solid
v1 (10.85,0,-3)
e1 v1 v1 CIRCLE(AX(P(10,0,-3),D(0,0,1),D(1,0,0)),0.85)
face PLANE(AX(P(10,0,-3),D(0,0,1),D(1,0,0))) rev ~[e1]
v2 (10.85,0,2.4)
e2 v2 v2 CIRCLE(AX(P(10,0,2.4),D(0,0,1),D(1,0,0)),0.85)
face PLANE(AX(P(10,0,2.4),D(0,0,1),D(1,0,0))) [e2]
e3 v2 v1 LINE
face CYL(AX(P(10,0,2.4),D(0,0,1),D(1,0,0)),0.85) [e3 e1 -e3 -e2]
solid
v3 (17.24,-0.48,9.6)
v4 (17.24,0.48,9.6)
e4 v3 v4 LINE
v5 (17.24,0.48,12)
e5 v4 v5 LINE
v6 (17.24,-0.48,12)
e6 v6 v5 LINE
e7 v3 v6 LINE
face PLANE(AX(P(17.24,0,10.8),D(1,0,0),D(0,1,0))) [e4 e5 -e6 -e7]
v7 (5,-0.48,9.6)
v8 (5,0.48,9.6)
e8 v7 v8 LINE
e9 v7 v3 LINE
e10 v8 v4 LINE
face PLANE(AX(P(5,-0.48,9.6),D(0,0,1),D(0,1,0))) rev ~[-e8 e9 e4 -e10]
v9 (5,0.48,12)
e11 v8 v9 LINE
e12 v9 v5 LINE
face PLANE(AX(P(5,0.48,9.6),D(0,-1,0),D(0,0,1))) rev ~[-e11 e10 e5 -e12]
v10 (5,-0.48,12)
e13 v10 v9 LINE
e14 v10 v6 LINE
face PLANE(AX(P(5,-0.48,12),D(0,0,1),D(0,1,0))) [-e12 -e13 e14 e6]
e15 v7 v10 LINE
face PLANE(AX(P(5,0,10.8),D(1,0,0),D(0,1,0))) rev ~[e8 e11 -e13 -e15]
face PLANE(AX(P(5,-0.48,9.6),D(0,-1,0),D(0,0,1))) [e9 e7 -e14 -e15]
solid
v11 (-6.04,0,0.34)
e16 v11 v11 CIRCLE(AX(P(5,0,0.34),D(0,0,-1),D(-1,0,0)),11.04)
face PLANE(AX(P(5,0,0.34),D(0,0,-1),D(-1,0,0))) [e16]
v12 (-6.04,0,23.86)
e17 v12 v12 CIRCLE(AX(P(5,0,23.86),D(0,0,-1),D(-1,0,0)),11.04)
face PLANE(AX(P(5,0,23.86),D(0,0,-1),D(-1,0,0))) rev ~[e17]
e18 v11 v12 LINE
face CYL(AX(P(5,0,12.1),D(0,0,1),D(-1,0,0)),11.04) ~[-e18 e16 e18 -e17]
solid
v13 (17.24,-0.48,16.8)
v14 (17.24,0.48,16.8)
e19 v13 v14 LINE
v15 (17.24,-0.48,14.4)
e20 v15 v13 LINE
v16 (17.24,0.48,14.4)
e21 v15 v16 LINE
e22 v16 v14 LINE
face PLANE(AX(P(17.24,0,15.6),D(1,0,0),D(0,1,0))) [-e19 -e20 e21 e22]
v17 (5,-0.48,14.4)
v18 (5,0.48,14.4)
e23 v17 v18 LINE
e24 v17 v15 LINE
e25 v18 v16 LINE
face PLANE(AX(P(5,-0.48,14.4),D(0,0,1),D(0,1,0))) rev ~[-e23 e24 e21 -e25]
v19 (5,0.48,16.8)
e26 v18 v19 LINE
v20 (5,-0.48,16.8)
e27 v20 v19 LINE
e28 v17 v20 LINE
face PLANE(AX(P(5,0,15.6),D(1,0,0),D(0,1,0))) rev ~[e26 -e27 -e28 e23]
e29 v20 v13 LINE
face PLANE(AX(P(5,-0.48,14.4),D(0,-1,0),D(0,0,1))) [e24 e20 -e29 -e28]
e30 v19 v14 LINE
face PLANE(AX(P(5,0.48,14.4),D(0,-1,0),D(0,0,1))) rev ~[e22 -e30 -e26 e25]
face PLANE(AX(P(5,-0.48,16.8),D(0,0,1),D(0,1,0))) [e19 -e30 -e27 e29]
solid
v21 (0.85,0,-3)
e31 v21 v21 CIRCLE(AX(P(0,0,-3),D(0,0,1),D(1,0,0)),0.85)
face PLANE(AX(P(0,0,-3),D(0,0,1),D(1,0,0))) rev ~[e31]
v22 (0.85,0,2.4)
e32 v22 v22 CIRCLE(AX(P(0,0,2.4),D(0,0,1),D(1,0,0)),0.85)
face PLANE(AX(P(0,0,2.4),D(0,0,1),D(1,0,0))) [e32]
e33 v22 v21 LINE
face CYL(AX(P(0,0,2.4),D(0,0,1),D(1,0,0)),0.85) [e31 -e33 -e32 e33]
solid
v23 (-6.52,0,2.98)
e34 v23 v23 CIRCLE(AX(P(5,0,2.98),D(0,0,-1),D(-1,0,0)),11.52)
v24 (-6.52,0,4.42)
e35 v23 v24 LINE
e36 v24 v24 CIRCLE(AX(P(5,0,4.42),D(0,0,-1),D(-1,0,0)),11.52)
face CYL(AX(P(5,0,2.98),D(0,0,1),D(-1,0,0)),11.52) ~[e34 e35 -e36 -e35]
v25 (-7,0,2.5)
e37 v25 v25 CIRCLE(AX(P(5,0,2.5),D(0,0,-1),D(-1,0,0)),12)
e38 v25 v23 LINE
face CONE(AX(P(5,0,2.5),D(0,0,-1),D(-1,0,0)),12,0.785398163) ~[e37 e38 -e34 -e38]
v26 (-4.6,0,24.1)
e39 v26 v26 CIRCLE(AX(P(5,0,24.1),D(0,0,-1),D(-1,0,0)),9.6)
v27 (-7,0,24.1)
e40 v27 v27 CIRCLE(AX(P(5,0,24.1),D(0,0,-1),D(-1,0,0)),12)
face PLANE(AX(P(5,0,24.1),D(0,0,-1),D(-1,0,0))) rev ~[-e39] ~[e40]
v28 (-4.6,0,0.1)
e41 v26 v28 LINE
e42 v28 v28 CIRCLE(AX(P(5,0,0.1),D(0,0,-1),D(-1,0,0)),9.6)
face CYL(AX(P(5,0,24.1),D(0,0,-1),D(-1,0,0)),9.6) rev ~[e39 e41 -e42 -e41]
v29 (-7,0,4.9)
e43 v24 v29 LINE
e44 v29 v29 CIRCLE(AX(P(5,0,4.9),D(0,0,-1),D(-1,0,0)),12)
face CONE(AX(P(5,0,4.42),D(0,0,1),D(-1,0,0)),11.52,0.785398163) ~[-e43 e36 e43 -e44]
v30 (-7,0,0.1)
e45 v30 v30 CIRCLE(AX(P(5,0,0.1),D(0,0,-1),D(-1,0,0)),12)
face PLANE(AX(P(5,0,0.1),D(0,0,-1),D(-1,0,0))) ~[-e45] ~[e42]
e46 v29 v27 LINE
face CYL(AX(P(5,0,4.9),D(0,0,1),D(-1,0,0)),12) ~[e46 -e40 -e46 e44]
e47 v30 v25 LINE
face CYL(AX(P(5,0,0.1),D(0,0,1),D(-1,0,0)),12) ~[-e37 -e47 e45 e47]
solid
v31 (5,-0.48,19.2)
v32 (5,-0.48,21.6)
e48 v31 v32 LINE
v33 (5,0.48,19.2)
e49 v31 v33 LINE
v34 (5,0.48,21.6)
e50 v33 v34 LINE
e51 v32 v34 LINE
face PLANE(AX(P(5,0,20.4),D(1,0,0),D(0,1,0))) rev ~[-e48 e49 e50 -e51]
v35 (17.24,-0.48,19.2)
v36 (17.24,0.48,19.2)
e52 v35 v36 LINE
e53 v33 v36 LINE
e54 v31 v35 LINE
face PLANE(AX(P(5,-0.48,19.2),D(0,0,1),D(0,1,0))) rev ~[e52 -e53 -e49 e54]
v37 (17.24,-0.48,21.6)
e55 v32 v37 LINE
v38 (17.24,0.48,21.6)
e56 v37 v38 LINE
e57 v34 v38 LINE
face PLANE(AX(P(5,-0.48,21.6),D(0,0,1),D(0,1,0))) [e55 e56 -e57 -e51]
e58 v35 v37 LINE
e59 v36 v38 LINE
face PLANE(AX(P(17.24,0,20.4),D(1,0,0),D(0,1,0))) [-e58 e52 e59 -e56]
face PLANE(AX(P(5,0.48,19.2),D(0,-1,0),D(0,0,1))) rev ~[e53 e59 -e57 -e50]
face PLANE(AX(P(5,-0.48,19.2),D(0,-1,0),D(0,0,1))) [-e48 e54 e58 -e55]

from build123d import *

# Parameters (mm, degrees)
SKETCH002_W  = 11.04
SKETCH002_H  = 23.52
SKETCH003_R  = 0.85
PAD_DEPTH    = 5.4
SKETCH004_W  = 0.96
SKETCH004_H  = 2.4
PAD001_DEPTH = 12.24


with BuildPart() as revolution:
    # Sketch → Revolution (revolve)
    with BuildSketch(Plane.XZ):
        Polygon((-7, 0.1), (-7, 2.5), (-6.52, 2.98), (-6.52, 4.42), (-7, 4.9), (-7, 24.1), (-4.6, 24.1), (-4.6, 0.1), align=None)
    revolve(axis=Axis((5, 0, 7.548619), (0, 0, -1)))


with BuildPart() as revolution001:
    # Sketch002 → Revolution001 (revolve)
    with BuildSketch(Plane.XZ):
        with Locations((-0.52, 12.1)):
            Rectangle(SKETCH002_W, SKETCH002_H)
    revolve(axis=Axis((5, 0, 4.680116), (0, 0, -1)))


with BuildPart() as pad:
    # Sketch003 → Pad (new body)
    with BuildSketch(Plane.XY.offset(2.4)):
        Circle(SKETCH003_R)
        with Locations((10, 0)):
            Circle(SKETCH003_R)
    extrude(amount=-PAD_DEPTH)


with BuildPart() as pad001:
    # Sketch004 → Pad001 (new body)
    with BuildSketch(Plane.YZ.offset(5)):
        with Locations((0, 10.8)):
            Rectangle(SKETCH004_W, SKETCH004_H)
        with Locations((0, 15.6)):
            Rectangle(SKETCH004_W, SKETCH004_H)
        with Locations((0, 20.4)):
            Rectangle(SKETCH004_W, SKETCH004_H)
    extrude(amount=PAD001_DEPTH)


solid = Compound([revolution.part, revolution001.part, pad.part, pad001.part])
